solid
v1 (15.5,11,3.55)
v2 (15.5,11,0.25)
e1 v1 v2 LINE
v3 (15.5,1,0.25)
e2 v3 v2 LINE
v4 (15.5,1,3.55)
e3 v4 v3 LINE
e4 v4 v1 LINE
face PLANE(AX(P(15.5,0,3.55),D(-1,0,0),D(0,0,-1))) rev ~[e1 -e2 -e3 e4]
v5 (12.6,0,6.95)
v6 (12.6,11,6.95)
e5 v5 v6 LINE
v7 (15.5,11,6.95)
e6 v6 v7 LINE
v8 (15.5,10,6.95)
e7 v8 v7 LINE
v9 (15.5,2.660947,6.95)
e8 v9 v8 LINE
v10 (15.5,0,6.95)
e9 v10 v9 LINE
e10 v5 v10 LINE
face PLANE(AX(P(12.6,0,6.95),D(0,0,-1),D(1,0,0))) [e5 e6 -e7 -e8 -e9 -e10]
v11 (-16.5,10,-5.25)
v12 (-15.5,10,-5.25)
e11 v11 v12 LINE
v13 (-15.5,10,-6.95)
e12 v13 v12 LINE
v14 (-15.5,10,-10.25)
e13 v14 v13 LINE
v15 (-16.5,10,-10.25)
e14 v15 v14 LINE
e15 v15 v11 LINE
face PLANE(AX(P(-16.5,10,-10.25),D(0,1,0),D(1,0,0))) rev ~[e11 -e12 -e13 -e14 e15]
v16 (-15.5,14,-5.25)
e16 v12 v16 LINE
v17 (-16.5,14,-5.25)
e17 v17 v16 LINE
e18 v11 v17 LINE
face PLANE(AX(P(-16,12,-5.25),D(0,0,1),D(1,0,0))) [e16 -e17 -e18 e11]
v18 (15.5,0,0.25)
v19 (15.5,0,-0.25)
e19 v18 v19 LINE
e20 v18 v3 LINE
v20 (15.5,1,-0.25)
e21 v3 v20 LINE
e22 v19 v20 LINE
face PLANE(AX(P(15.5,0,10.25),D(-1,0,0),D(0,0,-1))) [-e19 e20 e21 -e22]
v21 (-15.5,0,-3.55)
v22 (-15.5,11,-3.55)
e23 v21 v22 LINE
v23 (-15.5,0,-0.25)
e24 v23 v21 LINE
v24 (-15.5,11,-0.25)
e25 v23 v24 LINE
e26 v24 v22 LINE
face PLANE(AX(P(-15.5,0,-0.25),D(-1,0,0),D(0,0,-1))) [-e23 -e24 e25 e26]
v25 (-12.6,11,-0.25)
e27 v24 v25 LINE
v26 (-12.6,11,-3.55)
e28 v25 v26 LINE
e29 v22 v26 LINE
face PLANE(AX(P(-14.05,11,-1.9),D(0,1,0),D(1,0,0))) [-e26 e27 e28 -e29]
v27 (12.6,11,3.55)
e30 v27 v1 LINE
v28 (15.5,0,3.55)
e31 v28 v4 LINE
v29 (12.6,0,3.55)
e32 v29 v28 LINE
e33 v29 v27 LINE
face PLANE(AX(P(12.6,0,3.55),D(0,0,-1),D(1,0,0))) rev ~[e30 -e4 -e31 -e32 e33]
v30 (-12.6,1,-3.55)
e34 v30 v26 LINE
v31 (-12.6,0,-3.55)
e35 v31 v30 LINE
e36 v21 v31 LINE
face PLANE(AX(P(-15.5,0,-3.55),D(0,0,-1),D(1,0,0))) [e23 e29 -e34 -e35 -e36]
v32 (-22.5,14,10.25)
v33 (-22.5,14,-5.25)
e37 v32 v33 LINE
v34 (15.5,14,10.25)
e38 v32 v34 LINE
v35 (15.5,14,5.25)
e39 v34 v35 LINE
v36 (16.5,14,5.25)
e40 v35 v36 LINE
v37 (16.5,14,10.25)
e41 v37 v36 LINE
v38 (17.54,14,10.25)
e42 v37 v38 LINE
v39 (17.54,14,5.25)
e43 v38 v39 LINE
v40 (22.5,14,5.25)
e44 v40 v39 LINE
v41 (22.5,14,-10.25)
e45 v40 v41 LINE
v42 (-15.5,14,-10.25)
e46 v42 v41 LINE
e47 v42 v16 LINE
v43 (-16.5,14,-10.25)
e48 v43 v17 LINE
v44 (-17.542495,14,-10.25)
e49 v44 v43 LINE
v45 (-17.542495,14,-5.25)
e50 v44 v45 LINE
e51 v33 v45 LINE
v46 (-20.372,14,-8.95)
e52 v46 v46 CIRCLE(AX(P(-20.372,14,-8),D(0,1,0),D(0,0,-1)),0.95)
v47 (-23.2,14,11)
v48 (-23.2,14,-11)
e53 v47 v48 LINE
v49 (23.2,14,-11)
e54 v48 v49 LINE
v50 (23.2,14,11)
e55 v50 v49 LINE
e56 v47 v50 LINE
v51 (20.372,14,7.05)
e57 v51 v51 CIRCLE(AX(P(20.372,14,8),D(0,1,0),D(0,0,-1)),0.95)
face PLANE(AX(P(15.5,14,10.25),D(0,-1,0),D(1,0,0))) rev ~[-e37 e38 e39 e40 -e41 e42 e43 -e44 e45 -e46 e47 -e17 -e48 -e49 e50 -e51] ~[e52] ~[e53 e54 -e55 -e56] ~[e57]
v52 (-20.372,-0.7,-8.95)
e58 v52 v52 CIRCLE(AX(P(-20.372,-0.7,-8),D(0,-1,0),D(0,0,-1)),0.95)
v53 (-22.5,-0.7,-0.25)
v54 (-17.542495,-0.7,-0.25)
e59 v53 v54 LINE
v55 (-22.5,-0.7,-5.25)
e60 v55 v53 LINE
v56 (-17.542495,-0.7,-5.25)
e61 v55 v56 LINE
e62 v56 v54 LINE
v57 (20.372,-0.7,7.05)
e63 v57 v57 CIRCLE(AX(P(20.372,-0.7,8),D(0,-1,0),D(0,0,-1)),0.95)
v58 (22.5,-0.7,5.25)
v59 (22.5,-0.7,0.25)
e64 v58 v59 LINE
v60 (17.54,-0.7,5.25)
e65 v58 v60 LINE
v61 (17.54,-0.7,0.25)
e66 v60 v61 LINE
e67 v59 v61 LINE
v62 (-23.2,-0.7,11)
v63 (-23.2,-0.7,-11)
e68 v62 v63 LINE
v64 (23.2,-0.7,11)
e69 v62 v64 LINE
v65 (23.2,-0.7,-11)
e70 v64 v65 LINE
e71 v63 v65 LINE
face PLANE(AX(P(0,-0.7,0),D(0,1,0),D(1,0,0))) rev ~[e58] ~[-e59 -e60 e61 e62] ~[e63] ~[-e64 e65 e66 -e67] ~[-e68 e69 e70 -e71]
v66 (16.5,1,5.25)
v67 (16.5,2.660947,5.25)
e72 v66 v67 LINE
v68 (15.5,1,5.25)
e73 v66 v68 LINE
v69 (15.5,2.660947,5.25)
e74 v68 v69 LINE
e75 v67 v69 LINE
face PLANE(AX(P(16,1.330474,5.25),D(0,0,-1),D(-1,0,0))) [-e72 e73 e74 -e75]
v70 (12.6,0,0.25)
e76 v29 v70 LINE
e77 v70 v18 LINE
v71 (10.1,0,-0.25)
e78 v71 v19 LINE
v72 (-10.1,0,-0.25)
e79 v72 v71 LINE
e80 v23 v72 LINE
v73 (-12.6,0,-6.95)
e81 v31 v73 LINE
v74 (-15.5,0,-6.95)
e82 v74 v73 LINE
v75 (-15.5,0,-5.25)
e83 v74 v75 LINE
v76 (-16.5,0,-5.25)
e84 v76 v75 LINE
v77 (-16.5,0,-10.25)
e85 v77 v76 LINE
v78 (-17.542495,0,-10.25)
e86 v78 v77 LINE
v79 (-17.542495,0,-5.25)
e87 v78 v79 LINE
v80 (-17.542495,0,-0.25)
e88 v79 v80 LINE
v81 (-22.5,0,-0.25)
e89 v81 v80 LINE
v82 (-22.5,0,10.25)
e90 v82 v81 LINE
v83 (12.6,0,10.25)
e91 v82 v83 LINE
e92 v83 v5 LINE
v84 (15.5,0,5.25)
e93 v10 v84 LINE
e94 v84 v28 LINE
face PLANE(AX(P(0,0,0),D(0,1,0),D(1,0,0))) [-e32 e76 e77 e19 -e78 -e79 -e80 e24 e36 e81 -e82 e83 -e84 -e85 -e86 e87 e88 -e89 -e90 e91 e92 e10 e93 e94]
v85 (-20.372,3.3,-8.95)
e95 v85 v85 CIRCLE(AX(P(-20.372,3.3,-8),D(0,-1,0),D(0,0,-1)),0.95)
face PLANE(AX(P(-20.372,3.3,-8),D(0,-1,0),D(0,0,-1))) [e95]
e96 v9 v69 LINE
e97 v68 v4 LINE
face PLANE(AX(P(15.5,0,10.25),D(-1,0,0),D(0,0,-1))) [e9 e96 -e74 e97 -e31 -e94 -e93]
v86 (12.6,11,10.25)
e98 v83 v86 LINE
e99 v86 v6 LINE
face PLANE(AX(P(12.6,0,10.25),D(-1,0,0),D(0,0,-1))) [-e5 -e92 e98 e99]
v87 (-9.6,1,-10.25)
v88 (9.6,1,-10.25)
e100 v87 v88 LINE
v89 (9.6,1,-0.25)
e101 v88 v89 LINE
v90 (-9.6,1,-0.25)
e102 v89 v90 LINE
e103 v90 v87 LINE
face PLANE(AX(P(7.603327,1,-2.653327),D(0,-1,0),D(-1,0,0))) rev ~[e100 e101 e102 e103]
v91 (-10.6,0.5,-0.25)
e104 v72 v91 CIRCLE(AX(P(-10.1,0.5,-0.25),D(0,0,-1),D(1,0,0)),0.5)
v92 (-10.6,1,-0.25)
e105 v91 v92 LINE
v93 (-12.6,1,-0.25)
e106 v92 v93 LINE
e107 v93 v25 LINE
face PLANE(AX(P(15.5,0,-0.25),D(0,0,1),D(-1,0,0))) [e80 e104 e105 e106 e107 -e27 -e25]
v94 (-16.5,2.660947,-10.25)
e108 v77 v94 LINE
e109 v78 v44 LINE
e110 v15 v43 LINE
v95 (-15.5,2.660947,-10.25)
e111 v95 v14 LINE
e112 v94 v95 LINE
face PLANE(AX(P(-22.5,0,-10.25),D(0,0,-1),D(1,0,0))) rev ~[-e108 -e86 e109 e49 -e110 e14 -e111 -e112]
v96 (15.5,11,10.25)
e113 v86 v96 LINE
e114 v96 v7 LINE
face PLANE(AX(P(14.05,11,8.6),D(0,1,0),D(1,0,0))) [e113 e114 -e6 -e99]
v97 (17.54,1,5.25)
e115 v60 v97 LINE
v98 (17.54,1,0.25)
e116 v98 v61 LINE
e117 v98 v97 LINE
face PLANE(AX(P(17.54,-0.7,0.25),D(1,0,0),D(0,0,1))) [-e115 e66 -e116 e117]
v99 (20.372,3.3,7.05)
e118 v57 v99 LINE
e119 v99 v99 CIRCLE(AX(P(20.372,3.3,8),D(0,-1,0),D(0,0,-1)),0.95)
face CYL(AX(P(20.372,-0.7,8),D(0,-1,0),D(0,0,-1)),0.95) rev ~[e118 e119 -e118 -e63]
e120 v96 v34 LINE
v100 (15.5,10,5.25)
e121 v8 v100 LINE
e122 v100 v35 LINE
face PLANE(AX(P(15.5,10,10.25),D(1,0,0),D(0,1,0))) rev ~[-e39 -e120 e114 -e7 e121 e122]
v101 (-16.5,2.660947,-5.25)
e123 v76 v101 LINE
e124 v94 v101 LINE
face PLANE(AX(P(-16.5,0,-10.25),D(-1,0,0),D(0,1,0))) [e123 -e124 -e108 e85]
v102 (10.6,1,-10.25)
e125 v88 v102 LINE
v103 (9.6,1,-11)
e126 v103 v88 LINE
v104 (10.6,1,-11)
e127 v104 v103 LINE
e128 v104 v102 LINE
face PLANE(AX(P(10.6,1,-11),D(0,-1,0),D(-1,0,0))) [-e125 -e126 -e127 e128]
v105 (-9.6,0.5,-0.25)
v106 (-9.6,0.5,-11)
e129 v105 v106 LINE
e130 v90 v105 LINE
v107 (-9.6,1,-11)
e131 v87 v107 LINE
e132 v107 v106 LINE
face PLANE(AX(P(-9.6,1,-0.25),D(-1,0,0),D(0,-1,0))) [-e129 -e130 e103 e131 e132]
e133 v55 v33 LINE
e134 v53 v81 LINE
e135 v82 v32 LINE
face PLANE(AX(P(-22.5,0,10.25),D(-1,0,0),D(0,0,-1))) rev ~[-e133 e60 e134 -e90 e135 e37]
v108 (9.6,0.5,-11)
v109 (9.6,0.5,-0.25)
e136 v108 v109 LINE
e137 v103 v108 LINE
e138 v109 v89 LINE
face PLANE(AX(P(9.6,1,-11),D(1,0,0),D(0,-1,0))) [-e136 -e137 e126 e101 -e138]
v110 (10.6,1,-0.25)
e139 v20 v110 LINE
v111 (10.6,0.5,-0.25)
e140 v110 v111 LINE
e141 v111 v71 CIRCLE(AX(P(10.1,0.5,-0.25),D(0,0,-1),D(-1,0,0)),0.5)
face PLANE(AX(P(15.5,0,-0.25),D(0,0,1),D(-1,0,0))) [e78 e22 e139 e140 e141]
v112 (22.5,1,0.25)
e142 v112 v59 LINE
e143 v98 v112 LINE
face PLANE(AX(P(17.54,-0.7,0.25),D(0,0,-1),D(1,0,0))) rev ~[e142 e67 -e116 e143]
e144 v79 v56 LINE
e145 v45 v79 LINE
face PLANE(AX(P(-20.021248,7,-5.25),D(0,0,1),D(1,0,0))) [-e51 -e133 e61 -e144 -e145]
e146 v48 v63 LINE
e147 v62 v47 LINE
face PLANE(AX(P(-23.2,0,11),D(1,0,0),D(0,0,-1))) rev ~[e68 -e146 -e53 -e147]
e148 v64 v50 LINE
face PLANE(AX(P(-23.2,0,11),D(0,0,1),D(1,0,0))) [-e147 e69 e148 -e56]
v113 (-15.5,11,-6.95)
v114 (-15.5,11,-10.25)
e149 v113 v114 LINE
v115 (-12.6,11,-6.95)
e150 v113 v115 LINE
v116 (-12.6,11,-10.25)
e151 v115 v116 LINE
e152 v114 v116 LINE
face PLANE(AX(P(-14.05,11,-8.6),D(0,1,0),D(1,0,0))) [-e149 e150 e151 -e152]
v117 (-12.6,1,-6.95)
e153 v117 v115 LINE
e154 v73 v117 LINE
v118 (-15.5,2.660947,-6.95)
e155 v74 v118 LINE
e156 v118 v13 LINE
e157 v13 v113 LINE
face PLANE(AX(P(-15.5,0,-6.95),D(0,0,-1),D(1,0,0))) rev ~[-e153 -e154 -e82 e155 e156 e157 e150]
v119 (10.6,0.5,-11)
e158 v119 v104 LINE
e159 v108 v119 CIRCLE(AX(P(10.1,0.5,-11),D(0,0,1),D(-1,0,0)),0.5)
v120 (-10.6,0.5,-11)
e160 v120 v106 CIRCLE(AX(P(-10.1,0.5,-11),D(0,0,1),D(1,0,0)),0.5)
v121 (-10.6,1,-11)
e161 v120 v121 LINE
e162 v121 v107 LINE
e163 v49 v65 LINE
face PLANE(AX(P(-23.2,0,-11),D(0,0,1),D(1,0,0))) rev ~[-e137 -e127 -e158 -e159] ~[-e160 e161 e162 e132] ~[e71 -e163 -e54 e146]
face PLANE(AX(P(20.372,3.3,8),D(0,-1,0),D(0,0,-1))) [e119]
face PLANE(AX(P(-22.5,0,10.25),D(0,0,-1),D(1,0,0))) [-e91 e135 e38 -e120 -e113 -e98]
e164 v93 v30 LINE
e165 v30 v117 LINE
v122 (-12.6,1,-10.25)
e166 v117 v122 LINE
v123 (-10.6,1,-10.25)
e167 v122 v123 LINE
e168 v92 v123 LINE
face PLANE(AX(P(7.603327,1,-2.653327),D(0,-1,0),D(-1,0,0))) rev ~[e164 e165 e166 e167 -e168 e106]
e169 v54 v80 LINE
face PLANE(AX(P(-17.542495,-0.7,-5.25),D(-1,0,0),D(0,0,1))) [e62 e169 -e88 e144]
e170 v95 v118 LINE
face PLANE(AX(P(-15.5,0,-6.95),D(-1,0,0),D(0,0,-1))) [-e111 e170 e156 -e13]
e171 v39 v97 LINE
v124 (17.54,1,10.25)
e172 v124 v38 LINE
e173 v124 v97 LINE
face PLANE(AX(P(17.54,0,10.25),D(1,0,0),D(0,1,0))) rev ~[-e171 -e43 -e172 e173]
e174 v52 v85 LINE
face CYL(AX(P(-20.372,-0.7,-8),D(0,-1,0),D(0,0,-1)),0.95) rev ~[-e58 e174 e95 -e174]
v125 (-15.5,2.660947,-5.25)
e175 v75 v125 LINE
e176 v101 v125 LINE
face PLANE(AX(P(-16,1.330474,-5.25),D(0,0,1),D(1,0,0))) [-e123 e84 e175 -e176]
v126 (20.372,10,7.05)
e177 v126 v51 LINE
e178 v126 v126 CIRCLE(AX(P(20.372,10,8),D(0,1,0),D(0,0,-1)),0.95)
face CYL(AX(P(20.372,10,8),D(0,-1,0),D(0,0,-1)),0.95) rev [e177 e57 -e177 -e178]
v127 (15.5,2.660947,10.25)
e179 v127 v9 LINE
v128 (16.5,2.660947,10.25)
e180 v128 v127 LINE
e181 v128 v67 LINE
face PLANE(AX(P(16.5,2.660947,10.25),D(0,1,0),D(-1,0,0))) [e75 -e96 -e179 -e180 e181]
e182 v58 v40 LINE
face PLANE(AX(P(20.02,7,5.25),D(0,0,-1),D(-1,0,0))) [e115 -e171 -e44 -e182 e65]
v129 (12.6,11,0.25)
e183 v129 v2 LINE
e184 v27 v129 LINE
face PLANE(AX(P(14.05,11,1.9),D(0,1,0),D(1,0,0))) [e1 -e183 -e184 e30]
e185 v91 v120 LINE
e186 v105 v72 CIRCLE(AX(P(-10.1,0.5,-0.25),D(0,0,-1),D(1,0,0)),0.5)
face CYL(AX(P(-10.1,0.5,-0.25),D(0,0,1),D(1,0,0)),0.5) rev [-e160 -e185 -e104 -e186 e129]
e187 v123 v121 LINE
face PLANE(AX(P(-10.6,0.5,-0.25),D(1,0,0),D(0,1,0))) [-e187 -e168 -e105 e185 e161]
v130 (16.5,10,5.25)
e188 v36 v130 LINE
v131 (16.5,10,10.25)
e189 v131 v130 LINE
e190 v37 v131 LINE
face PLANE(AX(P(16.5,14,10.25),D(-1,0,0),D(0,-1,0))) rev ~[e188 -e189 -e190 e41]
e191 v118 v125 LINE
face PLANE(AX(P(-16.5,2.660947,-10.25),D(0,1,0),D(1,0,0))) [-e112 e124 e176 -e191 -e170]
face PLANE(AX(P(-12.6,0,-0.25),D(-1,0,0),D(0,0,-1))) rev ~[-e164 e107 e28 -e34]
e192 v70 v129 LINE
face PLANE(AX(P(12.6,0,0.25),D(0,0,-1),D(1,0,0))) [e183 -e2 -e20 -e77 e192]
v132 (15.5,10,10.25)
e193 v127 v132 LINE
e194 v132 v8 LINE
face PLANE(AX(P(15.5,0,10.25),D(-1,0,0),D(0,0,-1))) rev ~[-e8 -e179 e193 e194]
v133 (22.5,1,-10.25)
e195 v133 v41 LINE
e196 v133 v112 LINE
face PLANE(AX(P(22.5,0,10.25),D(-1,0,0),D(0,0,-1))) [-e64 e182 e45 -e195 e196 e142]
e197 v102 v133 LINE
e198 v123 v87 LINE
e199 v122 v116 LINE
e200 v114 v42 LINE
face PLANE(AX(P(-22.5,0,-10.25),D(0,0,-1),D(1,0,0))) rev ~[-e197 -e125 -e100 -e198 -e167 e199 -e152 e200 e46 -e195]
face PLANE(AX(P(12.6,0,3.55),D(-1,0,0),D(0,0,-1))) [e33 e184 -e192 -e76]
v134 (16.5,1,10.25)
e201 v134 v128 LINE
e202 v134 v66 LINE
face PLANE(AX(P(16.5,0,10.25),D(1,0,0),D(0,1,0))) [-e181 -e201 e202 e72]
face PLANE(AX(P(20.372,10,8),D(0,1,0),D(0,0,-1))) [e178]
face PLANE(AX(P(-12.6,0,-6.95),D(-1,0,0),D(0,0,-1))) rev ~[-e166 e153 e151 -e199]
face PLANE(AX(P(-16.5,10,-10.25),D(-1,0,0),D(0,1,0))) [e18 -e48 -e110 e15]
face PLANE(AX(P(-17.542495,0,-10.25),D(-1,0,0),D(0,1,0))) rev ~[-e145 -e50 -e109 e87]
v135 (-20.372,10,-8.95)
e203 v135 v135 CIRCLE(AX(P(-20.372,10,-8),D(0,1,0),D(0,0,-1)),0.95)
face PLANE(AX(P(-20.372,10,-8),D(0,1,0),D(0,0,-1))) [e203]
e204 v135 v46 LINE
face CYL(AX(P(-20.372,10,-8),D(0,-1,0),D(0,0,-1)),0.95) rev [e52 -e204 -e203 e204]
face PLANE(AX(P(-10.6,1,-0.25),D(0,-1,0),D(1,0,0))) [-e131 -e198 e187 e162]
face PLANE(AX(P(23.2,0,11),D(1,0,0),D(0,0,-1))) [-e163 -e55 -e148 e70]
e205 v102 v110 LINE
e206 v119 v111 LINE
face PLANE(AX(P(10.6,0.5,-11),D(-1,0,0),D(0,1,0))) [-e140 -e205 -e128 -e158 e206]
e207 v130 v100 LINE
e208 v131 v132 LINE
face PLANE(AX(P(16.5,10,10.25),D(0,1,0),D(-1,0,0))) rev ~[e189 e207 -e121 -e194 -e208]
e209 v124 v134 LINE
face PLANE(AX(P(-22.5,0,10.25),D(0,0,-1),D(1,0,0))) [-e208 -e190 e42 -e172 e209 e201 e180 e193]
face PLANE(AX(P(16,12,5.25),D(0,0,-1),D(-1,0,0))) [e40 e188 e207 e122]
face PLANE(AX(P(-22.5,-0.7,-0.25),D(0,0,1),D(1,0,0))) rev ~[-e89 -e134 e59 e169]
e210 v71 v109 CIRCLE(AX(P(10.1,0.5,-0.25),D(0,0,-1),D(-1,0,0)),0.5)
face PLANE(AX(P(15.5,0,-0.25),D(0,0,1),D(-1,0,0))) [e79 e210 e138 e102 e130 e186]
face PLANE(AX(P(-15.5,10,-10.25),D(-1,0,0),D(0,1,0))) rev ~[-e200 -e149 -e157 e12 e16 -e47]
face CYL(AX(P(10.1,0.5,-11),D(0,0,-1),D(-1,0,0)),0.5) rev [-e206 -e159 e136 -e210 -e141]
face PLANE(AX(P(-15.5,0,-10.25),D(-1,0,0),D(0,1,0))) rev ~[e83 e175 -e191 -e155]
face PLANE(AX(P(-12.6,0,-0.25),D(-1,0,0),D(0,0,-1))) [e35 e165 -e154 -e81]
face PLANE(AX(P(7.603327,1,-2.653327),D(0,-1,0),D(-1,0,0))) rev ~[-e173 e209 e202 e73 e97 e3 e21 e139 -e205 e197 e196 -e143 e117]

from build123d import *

# Parameters (mm, degrees)
ESBO_O1_W                = 46.4
ESBO_O1_H                = 22
ESBO_O1_W_2              = 45
ESBO_O1_H_2              = 20.5
RESSALTO_EXTRUS_O1_DEPTH = 14
ESBO_O2_W                = 46.4
ESBO_O2_H                = 22
RESSALTO_EXTRUS_O2_DEPTH = 0.7
ESBO_O3_W                = 2.9
ESBO_O3_H                = 3.3
RESSALTO_EXTRUS_O3_DEPTH = 11
ESBO_O4_W                = 4.95750459
ESBO_O4_H                = 14
ESBO_O4_W_2              = 1
ESBO_O4_H_2              = 2.660947199
ESBO_O4_H_3              = 4
RESSALTO_EXTRUS_O4_DEPTH = 5
ESBO_O5_W                = 1
ESBO_O5_H                = 2.660947199
ESBO_O5_W_2              = 4.96
ESBO_O5_H_2              = 14
RESSALTO_EXTRUS_O5_DEPTH = 5
RESSALTO_EXTRUS_O9_DEPTH = 1
ESBO_O15_W               = 4.95750459
ESBO_O15_H               = 5
ESBO_O15_W_2             = 4.96
CORTE_EXTRUS_O3_DEPTH    = 2.5
ESBO_O16_R               = 0.95
CORTE_EXTRUS_O4_DEPTH    = 4
CORTE_EXTRUS_O7_DEPTH    = 11
CORTE_EXTRUS_O8_DEPTH    = 11
CORTE_EXTRUS_O9_START    = -4
ESBO_O20_R               = 0.95
CORTE_EXTRUS_O9_DEPTH    = 4


with BuildPart() as part:
    # Esboço1 → Ressalto-extrusão1 (new body)
    with BuildSketch(Plane(origin=(0, 0, 0), x_dir=(1, 0, 0), z_dir=(0, 1, 0))):
        Rectangle(ESBO_O1_W, ESBO_O1_H)
        Rectangle(ESBO_O1_W_2, ESBO_O1_H_2, mode=Mode.SUBTRACT)
    extrude(amount=RESSALTO_EXTRUS_O1_DEPTH)

    # Esboço2 → Ressalto-extrusão2 (add)
    with BuildSketch(Plane(origin=(0, 0, 0), x_dir=(1, 0, 0), z_dir=(0, 1, 0))):
        Rectangle(ESBO_O2_W, ESBO_O2_H)
    extrude(amount=-RESSALTO_EXTRUS_O2_DEPTH)

    # Esboço3 → Ressalto-extrusão3 (add)
    with BuildSketch(Plane(origin=(0, 0, 0), x_dir=(1, 0, 0), z_dir=(0, 1, 0))):
        with Locations((-14.05, 1.9)):
            Rectangle(ESBO_O3_W, ESBO_O3_H)
        with Locations((-14.05, 8.6)):
            Rectangle(ESBO_O3_W, ESBO_O3_H)
        with Locations((14.05, -8.6)):
            Rectangle(ESBO_O3_W, ESBO_O3_H)
        with Locations((14.05, -1.9)):
            Rectangle(ESBO_O3_W, ESBO_O3_H)
    extrude(amount=RESSALTO_EXTRUS_O3_DEPTH)

    # Esboço4 → Ressalto-extrusão4 (add)
    with BuildSketch(Plane.XY.offset(-10.25)):
        with Locations((-20.021247705, 7)):
            Rectangle(ESBO_O4_W, ESBO_O4_H)
        with Locations((-16, 1.3304736)):
            Rectangle(ESBO_O4_W_2, ESBO_O4_H_2)
        with Locations((-16, 12)):
            Rectangle(ESBO_O4_W_2, ESBO_O4_H_3)
    extrude(amount=RESSALTO_EXTRUS_O4_DEPTH)

    # Esboço5 → Ressalto-extrusão5 (add)
    with BuildSketch(Plane(origin=(0, 0, 10.25), x_dir=(-1, 0, 0), z_dir=(0, 0, -1))):
        Polygon((-15.5, 14), (-16.5, 14), (-16.5, 10), (-15.5, 10), (-15.5, 11), align=None)
        with Locations((-16, 1.3304736)):
            Rectangle(ESBO_O5_W, ESBO_O5_H)
        with Locations((-20.02, 7)):
            Rectangle(ESBO_O5_W_2, ESBO_O5_H_2)
    extrude(amount=RESSALTO_EXTRUS_O5_DEPTH)

    # Esboço10 → Ressalto-extrusão9 (add)
    with BuildSketch(Plane(origin=(0, 0, 0), x_dir=(1, 0, 0), z_dir=(0, 1, 0))):
        Polygon((15.5, 0.25), (-12.6, 0.25), (-12.6, 10.25), (22.5, 10.25), (22.5, -10.25), (15.5, -10.25), align=None)
    extrude(amount=RESSALTO_EXTRUS_O9_DEPTH)

    # Esboço15 → Corte-extrusão3 (cut, symmetric)
    with BuildSketch(Plane.XZ.offset(0.7)):
        with Locations((-20.021247705, -2.75)):
            Rectangle(ESBO_O15_W, ESBO_O15_H)
        with Locations((20.02, 2.75)):
            Rectangle(ESBO_O15_W_2, ESBO_O15_H)
    extrude(amount=CORTE_EXTRUS_O3_DEPTH, both=True, mode=Mode.SUBTRACT)

    # Esboço16 → Corte-extrusão4 (cut)
    with BuildSketch(Plane.XZ.offset(0.7)):
        with Locations(Location((-20.372, -8, 0), (0, 0, 270))):
            Circle(ESBO_O16_R)
        with Locations(Location((20.372, 8, 0), (0, 0, 270))):
            Circle(ESBO_O16_R)
    extrude(amount=-CORTE_EXTRUS_O4_DEPTH, mode=Mode.SUBTRACT)

    # Esboço18 → Corte-extrusão7 (cut)
    with BuildSketch(Plane.XY.offset(-0.25)):
        with BuildLine():
            Line((-10.6, 0.5), (-10.6, 1))
            Line((-10.6, 1), (-9.6, 1))
            Line((-9.6, 1), (-9.6, 0.5))
            ThreePointArc((-9.6, 0.5), (-10.1, 0), (-10.6, 0.5))
        make_face()
    extrude(amount=-CORTE_EXTRUS_O7_DEPTH, mode=Mode.SUBTRACT)

    # Esboço19 → Corte-extrusão8 (cut)
    with BuildSketch(Plane(origin=(0, 0, -11), x_dir=(-1, 0, 0), z_dir=(0, 0, -1))):
        with BuildLine():
            Line((-10.6, 0.5), (-10.6, 1))
            Line((-10.6, 1), (-9.6, 1))
            Line((-9.6, 1), (-9.6, 0.5))
            ThreePointArc((-9.6, 0.5), (-10.1, 0), (-10.6, 0.5))
        make_face()
    extrude(amount=-CORTE_EXTRUS_O8_DEPTH, mode=Mode.SUBTRACT)

    # Esboço20 → Corte-extrusão9 (cut)
    with BuildSketch(Plane(origin=(0, 14, 0), x_dir=(1, 0, 0), z_dir=(0, 1, 0)).offset(CORTE_EXTRUS_O9_START)):
        with Locations(Location((20.372, -8, 0), (0, 0, 90))):
            Circle(ESBO_O20_R)
        with Locations(Location((-20.372, 8, 0), (0, 0, 90))):
            Circle(ESBO_O20_R)
    extrude(amount=CORTE_EXTRUS_O9_DEPTH, mode=Mode.SUBTRACT)


solid = part.part
